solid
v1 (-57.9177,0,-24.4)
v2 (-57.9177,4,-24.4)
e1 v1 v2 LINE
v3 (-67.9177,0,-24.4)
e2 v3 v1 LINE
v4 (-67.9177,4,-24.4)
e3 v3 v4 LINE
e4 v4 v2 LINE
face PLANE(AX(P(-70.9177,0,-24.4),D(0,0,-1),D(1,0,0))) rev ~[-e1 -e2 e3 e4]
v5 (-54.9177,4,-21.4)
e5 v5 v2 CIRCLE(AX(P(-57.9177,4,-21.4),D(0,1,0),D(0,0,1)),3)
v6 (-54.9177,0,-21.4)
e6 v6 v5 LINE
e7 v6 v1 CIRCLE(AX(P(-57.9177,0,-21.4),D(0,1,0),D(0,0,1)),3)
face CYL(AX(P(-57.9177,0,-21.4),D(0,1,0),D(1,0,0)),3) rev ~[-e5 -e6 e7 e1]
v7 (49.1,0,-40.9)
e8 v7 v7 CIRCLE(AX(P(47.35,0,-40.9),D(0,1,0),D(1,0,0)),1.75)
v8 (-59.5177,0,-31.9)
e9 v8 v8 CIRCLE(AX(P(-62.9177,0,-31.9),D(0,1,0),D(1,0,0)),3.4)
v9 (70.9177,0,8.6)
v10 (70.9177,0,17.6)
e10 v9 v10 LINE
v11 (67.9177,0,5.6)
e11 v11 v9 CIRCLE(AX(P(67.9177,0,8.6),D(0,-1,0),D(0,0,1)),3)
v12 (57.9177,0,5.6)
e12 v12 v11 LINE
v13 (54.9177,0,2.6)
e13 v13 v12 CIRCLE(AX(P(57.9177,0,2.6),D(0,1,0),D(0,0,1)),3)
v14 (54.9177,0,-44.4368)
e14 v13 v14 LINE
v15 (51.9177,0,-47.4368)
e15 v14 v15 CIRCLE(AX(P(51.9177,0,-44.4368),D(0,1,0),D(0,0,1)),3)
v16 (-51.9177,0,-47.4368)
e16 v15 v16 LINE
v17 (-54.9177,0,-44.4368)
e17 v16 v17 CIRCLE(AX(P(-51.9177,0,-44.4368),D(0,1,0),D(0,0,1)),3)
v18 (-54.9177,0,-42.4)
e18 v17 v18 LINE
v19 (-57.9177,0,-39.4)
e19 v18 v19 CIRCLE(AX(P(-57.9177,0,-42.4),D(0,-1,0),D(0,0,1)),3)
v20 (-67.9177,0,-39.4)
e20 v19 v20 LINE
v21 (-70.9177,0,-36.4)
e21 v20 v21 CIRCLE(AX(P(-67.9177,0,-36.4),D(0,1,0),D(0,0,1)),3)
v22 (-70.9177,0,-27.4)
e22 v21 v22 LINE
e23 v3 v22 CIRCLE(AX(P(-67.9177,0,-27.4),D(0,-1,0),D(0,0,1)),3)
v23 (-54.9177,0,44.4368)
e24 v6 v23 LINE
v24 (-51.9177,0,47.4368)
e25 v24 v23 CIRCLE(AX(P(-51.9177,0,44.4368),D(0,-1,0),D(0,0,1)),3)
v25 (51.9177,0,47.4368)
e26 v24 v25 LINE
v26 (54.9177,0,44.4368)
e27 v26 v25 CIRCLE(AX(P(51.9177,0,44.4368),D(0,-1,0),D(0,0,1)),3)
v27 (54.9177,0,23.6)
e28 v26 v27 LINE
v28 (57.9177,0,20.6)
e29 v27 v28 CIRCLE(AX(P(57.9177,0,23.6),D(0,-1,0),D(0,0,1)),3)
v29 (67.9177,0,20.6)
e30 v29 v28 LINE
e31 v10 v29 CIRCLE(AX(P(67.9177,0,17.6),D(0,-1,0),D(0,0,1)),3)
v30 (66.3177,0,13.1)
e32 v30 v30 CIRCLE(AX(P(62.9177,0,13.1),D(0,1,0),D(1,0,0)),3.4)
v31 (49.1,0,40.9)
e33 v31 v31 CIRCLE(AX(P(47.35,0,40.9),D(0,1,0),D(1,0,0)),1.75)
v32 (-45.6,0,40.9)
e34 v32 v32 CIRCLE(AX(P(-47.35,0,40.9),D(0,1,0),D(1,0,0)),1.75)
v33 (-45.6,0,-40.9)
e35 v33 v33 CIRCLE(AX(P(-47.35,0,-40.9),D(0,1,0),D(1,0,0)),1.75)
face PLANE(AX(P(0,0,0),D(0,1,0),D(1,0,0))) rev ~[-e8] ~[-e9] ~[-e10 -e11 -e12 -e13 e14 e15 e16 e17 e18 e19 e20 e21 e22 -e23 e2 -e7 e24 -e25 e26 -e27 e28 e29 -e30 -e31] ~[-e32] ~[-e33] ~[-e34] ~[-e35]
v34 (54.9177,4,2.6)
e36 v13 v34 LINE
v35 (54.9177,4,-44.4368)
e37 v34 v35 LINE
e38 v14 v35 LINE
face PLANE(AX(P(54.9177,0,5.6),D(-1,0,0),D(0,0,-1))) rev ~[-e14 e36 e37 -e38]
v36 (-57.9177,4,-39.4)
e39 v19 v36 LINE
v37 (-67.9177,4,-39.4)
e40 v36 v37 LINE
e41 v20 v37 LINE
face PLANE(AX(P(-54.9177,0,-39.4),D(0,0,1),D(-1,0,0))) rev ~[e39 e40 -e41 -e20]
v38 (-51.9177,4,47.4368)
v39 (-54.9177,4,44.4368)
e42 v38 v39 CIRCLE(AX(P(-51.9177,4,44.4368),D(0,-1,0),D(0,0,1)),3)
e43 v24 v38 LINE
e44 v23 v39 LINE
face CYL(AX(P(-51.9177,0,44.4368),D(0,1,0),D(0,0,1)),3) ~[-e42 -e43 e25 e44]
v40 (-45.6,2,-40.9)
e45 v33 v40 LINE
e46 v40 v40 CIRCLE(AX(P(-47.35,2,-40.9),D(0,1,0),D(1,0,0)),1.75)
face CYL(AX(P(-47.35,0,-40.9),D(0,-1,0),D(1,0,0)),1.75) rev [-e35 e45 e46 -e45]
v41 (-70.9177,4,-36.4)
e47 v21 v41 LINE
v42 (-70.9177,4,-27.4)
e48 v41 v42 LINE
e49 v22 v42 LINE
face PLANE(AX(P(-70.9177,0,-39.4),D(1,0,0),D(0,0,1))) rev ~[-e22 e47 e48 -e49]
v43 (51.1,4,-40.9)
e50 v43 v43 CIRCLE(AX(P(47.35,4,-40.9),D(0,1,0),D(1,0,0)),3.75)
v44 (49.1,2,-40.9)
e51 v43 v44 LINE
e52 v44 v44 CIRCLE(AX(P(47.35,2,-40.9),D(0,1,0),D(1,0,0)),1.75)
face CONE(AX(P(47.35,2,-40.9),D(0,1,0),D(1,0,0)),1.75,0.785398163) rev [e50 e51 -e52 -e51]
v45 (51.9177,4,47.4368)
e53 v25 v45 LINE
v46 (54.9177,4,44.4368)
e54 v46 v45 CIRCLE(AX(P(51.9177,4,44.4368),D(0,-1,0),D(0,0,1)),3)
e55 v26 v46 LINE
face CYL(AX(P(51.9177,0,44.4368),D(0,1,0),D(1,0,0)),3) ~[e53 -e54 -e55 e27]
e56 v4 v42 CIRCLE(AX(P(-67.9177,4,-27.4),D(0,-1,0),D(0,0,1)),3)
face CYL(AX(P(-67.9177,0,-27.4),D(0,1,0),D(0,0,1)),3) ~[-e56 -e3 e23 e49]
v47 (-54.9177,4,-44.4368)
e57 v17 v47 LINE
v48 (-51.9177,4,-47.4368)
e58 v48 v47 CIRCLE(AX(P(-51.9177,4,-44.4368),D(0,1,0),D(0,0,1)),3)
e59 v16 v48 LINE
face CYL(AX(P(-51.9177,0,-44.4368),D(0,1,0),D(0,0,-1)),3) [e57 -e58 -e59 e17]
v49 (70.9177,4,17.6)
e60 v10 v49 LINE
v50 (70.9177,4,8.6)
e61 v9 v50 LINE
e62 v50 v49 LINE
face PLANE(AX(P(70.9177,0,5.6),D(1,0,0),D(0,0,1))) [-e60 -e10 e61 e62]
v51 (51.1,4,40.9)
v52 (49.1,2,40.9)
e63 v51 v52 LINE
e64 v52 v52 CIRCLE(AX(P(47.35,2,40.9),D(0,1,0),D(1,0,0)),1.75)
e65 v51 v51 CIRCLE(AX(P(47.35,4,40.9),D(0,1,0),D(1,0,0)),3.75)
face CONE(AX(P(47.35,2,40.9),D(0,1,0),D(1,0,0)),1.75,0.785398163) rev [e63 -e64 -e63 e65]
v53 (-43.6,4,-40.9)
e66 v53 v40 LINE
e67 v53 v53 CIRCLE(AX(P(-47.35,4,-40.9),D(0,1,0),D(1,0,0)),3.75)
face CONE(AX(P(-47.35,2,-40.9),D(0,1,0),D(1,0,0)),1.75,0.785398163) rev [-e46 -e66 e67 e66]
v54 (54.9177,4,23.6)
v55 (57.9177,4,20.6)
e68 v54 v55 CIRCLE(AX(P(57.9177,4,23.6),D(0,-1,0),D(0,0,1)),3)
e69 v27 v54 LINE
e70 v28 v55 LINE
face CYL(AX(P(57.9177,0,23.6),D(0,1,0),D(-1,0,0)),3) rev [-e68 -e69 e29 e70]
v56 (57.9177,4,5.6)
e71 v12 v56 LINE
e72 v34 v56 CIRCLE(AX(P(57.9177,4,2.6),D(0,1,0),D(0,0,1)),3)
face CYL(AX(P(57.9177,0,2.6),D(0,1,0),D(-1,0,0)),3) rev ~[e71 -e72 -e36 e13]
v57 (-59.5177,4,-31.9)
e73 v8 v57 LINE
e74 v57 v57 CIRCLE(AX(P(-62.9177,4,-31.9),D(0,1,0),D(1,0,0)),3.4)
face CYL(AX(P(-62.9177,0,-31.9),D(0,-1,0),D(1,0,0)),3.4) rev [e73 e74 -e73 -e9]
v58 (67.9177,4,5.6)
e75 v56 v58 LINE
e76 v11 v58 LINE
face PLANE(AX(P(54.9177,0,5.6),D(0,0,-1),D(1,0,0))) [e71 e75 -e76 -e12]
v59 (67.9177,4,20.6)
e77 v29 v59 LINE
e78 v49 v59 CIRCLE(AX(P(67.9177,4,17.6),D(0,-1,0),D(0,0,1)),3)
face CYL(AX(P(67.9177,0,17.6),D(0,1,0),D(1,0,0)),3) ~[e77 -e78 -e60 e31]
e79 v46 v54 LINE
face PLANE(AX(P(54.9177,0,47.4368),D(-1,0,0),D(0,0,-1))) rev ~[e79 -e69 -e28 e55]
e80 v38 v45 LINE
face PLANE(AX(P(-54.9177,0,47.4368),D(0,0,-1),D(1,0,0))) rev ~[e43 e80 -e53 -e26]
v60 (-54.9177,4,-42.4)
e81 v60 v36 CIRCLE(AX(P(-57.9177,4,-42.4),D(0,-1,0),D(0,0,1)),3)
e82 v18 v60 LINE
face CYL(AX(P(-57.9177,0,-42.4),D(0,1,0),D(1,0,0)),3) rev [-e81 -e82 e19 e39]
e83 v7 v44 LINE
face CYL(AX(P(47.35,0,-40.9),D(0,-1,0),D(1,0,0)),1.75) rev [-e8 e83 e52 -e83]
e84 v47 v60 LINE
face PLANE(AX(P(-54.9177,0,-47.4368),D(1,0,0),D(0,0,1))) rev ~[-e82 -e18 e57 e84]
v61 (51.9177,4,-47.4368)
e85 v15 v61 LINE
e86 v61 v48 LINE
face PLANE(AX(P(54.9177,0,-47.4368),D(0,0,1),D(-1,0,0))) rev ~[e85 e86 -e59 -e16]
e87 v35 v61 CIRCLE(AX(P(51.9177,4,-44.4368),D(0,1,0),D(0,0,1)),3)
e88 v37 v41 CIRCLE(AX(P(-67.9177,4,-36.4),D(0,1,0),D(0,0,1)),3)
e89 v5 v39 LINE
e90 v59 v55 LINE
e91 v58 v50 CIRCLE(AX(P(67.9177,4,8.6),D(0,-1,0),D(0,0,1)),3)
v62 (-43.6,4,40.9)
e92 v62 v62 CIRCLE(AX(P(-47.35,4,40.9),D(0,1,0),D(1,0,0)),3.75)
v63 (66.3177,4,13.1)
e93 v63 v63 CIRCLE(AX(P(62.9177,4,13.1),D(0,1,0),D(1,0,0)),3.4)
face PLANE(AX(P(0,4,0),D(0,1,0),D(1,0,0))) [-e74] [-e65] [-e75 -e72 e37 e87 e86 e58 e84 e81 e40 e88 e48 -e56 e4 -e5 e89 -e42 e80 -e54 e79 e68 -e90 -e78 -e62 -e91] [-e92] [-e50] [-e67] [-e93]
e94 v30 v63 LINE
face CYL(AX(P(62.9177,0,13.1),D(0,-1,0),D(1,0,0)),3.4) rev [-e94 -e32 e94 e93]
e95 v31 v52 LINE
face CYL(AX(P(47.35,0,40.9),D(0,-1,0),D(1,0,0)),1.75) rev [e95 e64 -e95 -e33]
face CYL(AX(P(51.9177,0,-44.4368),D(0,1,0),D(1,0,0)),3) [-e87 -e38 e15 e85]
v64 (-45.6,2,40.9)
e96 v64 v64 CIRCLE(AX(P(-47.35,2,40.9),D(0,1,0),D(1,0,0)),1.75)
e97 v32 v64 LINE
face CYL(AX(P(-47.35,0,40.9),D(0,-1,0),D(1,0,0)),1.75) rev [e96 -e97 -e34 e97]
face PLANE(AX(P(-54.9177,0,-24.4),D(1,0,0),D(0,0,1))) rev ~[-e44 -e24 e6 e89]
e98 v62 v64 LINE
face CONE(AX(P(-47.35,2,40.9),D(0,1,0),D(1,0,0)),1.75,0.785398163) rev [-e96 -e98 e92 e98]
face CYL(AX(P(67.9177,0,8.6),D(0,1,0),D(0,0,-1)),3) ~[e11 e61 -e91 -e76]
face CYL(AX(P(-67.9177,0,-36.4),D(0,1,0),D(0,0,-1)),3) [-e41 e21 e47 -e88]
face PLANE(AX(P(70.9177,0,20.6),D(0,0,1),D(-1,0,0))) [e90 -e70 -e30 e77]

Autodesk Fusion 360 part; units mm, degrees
sketch "Sketch1" plane through (0, 0, 0) normal (0, 1, 0) x (1, 0, 0)
  line L0 (47.35, 40.9) -> (-47.35, 40.9) construction
  line L1 (-47.35, 40.9) -> (-47.35, -40.9) construction
  line L2 (-47.35, -40.9) -> (47.35, -40.9) construction
  line L3 (47.35, -40.9) -> (47.35, 40.9) construction
  line L4 (47.35, 40.9) -> (-47.35, -40.9) construction
  line L5 (-47.35, 40.9) -> (47.35, -40.9) construction
  line L6 (54.9177, 47.4368) -> (-54.9177, 47.4368)
  line L7 (-54.9177, 47.4368) -> (-54.9177, -47.4368)
  line L8 (-54.9177, -47.4368) -> (54.9177, -47.4368)
  line L9 (54.9177, -47.4368) -> (54.9177, 47.4368)
  line L10 (54.9177, 47.4368) -> (-54.9177, -47.4368) construction
  line L11 (-54.9177, 47.4368) -> (54.9177, -47.4368) construction
  circle A0 centre (47.35, 40.9) radius 1.75
  line L12 (0, 0) -> (0, 35) construction
  line L13 (0, 0) -> (-41.0628, 0) construction
  circle A1 centre (-47.35, 40.9) radius 1.75
  circle A2 centre (47.35, -40.9) radius 1.75
  circle A3 centre (-47.35, -40.9) radius 1.75
  line L14 (-54.9177, 39.4) -> (-70.9177, 39.4)
  line L15 (-70.9177, 39.4) -> (-70.9177, 24.4)
  line L16 (-70.9177, 24.4) -> (-54.9177, 24.4)
  line L17 (-54.9177, 24.4) -> (-54.9177, 39.4)
  line L18 (54.9177, -5.6) -> (70.9177, -5.6)
  line L19 (70.9177, -5.6) -> (70.9177, -20.6)
  line L20 (70.9177, -20.6) -> (54.9177, -20.6)
  line L21 (54.9177, -20.6) -> (54.9177, -5.6)
  line L22 (81.8257, 31.9) -> (62.2169, 31.9) construction
  line L23 (80.3912, -13.1) -> (59.348, -13.1) construction
  circle A4 centre (-62.9177, 31.9) radius 3.4
  circle A5 centre (62.9177, -13.1) radius 3.4
  dimension "d1" = 3.5
  dimension "d2" = 81.8
  dimension "d3" = 94.7
  dimension "d4" = 10
  dimension "d5" = 16
  dimension "d6" = 15
  dimension "d7" = 15
  dimension "d9" = 16
  dimension "d10" = 45
  dimension "d11" = 9
  dimension "d12" = 6.8
  dimension "d13" = 6.8
  dimension "d14" = 8
  dimension "d15" = 8
extrude "Extrude1" add sketch "Sketch1" along normal blind 4
fillet "Fillet1" radius 3 12 edges at (-70.9177, 2, -24.4) (-70.9177, 2, -39.4) (-54.9177, 2, -39.4) (-54.9177, 2, -47.4368) (-54.9177, 2, 47.4368) (-54.9177, 2, -24.4) (54.9177, 2, 47.4368) (54.9177, 2, 20.6) (70.9177, 2, 20.6) (70.9177, 2, 5.6) (54.9177, 2, 5.6) (54.9177, 2, -47.4368)
chamfer "Chamfer1" distance 2 angle 45 4 edges at (45.7184, 4, 40.2672) (-48.9816, 4, 40.2672) (-48.9816, 4, -41.5328) (45.7184, 4, -41.5328)
